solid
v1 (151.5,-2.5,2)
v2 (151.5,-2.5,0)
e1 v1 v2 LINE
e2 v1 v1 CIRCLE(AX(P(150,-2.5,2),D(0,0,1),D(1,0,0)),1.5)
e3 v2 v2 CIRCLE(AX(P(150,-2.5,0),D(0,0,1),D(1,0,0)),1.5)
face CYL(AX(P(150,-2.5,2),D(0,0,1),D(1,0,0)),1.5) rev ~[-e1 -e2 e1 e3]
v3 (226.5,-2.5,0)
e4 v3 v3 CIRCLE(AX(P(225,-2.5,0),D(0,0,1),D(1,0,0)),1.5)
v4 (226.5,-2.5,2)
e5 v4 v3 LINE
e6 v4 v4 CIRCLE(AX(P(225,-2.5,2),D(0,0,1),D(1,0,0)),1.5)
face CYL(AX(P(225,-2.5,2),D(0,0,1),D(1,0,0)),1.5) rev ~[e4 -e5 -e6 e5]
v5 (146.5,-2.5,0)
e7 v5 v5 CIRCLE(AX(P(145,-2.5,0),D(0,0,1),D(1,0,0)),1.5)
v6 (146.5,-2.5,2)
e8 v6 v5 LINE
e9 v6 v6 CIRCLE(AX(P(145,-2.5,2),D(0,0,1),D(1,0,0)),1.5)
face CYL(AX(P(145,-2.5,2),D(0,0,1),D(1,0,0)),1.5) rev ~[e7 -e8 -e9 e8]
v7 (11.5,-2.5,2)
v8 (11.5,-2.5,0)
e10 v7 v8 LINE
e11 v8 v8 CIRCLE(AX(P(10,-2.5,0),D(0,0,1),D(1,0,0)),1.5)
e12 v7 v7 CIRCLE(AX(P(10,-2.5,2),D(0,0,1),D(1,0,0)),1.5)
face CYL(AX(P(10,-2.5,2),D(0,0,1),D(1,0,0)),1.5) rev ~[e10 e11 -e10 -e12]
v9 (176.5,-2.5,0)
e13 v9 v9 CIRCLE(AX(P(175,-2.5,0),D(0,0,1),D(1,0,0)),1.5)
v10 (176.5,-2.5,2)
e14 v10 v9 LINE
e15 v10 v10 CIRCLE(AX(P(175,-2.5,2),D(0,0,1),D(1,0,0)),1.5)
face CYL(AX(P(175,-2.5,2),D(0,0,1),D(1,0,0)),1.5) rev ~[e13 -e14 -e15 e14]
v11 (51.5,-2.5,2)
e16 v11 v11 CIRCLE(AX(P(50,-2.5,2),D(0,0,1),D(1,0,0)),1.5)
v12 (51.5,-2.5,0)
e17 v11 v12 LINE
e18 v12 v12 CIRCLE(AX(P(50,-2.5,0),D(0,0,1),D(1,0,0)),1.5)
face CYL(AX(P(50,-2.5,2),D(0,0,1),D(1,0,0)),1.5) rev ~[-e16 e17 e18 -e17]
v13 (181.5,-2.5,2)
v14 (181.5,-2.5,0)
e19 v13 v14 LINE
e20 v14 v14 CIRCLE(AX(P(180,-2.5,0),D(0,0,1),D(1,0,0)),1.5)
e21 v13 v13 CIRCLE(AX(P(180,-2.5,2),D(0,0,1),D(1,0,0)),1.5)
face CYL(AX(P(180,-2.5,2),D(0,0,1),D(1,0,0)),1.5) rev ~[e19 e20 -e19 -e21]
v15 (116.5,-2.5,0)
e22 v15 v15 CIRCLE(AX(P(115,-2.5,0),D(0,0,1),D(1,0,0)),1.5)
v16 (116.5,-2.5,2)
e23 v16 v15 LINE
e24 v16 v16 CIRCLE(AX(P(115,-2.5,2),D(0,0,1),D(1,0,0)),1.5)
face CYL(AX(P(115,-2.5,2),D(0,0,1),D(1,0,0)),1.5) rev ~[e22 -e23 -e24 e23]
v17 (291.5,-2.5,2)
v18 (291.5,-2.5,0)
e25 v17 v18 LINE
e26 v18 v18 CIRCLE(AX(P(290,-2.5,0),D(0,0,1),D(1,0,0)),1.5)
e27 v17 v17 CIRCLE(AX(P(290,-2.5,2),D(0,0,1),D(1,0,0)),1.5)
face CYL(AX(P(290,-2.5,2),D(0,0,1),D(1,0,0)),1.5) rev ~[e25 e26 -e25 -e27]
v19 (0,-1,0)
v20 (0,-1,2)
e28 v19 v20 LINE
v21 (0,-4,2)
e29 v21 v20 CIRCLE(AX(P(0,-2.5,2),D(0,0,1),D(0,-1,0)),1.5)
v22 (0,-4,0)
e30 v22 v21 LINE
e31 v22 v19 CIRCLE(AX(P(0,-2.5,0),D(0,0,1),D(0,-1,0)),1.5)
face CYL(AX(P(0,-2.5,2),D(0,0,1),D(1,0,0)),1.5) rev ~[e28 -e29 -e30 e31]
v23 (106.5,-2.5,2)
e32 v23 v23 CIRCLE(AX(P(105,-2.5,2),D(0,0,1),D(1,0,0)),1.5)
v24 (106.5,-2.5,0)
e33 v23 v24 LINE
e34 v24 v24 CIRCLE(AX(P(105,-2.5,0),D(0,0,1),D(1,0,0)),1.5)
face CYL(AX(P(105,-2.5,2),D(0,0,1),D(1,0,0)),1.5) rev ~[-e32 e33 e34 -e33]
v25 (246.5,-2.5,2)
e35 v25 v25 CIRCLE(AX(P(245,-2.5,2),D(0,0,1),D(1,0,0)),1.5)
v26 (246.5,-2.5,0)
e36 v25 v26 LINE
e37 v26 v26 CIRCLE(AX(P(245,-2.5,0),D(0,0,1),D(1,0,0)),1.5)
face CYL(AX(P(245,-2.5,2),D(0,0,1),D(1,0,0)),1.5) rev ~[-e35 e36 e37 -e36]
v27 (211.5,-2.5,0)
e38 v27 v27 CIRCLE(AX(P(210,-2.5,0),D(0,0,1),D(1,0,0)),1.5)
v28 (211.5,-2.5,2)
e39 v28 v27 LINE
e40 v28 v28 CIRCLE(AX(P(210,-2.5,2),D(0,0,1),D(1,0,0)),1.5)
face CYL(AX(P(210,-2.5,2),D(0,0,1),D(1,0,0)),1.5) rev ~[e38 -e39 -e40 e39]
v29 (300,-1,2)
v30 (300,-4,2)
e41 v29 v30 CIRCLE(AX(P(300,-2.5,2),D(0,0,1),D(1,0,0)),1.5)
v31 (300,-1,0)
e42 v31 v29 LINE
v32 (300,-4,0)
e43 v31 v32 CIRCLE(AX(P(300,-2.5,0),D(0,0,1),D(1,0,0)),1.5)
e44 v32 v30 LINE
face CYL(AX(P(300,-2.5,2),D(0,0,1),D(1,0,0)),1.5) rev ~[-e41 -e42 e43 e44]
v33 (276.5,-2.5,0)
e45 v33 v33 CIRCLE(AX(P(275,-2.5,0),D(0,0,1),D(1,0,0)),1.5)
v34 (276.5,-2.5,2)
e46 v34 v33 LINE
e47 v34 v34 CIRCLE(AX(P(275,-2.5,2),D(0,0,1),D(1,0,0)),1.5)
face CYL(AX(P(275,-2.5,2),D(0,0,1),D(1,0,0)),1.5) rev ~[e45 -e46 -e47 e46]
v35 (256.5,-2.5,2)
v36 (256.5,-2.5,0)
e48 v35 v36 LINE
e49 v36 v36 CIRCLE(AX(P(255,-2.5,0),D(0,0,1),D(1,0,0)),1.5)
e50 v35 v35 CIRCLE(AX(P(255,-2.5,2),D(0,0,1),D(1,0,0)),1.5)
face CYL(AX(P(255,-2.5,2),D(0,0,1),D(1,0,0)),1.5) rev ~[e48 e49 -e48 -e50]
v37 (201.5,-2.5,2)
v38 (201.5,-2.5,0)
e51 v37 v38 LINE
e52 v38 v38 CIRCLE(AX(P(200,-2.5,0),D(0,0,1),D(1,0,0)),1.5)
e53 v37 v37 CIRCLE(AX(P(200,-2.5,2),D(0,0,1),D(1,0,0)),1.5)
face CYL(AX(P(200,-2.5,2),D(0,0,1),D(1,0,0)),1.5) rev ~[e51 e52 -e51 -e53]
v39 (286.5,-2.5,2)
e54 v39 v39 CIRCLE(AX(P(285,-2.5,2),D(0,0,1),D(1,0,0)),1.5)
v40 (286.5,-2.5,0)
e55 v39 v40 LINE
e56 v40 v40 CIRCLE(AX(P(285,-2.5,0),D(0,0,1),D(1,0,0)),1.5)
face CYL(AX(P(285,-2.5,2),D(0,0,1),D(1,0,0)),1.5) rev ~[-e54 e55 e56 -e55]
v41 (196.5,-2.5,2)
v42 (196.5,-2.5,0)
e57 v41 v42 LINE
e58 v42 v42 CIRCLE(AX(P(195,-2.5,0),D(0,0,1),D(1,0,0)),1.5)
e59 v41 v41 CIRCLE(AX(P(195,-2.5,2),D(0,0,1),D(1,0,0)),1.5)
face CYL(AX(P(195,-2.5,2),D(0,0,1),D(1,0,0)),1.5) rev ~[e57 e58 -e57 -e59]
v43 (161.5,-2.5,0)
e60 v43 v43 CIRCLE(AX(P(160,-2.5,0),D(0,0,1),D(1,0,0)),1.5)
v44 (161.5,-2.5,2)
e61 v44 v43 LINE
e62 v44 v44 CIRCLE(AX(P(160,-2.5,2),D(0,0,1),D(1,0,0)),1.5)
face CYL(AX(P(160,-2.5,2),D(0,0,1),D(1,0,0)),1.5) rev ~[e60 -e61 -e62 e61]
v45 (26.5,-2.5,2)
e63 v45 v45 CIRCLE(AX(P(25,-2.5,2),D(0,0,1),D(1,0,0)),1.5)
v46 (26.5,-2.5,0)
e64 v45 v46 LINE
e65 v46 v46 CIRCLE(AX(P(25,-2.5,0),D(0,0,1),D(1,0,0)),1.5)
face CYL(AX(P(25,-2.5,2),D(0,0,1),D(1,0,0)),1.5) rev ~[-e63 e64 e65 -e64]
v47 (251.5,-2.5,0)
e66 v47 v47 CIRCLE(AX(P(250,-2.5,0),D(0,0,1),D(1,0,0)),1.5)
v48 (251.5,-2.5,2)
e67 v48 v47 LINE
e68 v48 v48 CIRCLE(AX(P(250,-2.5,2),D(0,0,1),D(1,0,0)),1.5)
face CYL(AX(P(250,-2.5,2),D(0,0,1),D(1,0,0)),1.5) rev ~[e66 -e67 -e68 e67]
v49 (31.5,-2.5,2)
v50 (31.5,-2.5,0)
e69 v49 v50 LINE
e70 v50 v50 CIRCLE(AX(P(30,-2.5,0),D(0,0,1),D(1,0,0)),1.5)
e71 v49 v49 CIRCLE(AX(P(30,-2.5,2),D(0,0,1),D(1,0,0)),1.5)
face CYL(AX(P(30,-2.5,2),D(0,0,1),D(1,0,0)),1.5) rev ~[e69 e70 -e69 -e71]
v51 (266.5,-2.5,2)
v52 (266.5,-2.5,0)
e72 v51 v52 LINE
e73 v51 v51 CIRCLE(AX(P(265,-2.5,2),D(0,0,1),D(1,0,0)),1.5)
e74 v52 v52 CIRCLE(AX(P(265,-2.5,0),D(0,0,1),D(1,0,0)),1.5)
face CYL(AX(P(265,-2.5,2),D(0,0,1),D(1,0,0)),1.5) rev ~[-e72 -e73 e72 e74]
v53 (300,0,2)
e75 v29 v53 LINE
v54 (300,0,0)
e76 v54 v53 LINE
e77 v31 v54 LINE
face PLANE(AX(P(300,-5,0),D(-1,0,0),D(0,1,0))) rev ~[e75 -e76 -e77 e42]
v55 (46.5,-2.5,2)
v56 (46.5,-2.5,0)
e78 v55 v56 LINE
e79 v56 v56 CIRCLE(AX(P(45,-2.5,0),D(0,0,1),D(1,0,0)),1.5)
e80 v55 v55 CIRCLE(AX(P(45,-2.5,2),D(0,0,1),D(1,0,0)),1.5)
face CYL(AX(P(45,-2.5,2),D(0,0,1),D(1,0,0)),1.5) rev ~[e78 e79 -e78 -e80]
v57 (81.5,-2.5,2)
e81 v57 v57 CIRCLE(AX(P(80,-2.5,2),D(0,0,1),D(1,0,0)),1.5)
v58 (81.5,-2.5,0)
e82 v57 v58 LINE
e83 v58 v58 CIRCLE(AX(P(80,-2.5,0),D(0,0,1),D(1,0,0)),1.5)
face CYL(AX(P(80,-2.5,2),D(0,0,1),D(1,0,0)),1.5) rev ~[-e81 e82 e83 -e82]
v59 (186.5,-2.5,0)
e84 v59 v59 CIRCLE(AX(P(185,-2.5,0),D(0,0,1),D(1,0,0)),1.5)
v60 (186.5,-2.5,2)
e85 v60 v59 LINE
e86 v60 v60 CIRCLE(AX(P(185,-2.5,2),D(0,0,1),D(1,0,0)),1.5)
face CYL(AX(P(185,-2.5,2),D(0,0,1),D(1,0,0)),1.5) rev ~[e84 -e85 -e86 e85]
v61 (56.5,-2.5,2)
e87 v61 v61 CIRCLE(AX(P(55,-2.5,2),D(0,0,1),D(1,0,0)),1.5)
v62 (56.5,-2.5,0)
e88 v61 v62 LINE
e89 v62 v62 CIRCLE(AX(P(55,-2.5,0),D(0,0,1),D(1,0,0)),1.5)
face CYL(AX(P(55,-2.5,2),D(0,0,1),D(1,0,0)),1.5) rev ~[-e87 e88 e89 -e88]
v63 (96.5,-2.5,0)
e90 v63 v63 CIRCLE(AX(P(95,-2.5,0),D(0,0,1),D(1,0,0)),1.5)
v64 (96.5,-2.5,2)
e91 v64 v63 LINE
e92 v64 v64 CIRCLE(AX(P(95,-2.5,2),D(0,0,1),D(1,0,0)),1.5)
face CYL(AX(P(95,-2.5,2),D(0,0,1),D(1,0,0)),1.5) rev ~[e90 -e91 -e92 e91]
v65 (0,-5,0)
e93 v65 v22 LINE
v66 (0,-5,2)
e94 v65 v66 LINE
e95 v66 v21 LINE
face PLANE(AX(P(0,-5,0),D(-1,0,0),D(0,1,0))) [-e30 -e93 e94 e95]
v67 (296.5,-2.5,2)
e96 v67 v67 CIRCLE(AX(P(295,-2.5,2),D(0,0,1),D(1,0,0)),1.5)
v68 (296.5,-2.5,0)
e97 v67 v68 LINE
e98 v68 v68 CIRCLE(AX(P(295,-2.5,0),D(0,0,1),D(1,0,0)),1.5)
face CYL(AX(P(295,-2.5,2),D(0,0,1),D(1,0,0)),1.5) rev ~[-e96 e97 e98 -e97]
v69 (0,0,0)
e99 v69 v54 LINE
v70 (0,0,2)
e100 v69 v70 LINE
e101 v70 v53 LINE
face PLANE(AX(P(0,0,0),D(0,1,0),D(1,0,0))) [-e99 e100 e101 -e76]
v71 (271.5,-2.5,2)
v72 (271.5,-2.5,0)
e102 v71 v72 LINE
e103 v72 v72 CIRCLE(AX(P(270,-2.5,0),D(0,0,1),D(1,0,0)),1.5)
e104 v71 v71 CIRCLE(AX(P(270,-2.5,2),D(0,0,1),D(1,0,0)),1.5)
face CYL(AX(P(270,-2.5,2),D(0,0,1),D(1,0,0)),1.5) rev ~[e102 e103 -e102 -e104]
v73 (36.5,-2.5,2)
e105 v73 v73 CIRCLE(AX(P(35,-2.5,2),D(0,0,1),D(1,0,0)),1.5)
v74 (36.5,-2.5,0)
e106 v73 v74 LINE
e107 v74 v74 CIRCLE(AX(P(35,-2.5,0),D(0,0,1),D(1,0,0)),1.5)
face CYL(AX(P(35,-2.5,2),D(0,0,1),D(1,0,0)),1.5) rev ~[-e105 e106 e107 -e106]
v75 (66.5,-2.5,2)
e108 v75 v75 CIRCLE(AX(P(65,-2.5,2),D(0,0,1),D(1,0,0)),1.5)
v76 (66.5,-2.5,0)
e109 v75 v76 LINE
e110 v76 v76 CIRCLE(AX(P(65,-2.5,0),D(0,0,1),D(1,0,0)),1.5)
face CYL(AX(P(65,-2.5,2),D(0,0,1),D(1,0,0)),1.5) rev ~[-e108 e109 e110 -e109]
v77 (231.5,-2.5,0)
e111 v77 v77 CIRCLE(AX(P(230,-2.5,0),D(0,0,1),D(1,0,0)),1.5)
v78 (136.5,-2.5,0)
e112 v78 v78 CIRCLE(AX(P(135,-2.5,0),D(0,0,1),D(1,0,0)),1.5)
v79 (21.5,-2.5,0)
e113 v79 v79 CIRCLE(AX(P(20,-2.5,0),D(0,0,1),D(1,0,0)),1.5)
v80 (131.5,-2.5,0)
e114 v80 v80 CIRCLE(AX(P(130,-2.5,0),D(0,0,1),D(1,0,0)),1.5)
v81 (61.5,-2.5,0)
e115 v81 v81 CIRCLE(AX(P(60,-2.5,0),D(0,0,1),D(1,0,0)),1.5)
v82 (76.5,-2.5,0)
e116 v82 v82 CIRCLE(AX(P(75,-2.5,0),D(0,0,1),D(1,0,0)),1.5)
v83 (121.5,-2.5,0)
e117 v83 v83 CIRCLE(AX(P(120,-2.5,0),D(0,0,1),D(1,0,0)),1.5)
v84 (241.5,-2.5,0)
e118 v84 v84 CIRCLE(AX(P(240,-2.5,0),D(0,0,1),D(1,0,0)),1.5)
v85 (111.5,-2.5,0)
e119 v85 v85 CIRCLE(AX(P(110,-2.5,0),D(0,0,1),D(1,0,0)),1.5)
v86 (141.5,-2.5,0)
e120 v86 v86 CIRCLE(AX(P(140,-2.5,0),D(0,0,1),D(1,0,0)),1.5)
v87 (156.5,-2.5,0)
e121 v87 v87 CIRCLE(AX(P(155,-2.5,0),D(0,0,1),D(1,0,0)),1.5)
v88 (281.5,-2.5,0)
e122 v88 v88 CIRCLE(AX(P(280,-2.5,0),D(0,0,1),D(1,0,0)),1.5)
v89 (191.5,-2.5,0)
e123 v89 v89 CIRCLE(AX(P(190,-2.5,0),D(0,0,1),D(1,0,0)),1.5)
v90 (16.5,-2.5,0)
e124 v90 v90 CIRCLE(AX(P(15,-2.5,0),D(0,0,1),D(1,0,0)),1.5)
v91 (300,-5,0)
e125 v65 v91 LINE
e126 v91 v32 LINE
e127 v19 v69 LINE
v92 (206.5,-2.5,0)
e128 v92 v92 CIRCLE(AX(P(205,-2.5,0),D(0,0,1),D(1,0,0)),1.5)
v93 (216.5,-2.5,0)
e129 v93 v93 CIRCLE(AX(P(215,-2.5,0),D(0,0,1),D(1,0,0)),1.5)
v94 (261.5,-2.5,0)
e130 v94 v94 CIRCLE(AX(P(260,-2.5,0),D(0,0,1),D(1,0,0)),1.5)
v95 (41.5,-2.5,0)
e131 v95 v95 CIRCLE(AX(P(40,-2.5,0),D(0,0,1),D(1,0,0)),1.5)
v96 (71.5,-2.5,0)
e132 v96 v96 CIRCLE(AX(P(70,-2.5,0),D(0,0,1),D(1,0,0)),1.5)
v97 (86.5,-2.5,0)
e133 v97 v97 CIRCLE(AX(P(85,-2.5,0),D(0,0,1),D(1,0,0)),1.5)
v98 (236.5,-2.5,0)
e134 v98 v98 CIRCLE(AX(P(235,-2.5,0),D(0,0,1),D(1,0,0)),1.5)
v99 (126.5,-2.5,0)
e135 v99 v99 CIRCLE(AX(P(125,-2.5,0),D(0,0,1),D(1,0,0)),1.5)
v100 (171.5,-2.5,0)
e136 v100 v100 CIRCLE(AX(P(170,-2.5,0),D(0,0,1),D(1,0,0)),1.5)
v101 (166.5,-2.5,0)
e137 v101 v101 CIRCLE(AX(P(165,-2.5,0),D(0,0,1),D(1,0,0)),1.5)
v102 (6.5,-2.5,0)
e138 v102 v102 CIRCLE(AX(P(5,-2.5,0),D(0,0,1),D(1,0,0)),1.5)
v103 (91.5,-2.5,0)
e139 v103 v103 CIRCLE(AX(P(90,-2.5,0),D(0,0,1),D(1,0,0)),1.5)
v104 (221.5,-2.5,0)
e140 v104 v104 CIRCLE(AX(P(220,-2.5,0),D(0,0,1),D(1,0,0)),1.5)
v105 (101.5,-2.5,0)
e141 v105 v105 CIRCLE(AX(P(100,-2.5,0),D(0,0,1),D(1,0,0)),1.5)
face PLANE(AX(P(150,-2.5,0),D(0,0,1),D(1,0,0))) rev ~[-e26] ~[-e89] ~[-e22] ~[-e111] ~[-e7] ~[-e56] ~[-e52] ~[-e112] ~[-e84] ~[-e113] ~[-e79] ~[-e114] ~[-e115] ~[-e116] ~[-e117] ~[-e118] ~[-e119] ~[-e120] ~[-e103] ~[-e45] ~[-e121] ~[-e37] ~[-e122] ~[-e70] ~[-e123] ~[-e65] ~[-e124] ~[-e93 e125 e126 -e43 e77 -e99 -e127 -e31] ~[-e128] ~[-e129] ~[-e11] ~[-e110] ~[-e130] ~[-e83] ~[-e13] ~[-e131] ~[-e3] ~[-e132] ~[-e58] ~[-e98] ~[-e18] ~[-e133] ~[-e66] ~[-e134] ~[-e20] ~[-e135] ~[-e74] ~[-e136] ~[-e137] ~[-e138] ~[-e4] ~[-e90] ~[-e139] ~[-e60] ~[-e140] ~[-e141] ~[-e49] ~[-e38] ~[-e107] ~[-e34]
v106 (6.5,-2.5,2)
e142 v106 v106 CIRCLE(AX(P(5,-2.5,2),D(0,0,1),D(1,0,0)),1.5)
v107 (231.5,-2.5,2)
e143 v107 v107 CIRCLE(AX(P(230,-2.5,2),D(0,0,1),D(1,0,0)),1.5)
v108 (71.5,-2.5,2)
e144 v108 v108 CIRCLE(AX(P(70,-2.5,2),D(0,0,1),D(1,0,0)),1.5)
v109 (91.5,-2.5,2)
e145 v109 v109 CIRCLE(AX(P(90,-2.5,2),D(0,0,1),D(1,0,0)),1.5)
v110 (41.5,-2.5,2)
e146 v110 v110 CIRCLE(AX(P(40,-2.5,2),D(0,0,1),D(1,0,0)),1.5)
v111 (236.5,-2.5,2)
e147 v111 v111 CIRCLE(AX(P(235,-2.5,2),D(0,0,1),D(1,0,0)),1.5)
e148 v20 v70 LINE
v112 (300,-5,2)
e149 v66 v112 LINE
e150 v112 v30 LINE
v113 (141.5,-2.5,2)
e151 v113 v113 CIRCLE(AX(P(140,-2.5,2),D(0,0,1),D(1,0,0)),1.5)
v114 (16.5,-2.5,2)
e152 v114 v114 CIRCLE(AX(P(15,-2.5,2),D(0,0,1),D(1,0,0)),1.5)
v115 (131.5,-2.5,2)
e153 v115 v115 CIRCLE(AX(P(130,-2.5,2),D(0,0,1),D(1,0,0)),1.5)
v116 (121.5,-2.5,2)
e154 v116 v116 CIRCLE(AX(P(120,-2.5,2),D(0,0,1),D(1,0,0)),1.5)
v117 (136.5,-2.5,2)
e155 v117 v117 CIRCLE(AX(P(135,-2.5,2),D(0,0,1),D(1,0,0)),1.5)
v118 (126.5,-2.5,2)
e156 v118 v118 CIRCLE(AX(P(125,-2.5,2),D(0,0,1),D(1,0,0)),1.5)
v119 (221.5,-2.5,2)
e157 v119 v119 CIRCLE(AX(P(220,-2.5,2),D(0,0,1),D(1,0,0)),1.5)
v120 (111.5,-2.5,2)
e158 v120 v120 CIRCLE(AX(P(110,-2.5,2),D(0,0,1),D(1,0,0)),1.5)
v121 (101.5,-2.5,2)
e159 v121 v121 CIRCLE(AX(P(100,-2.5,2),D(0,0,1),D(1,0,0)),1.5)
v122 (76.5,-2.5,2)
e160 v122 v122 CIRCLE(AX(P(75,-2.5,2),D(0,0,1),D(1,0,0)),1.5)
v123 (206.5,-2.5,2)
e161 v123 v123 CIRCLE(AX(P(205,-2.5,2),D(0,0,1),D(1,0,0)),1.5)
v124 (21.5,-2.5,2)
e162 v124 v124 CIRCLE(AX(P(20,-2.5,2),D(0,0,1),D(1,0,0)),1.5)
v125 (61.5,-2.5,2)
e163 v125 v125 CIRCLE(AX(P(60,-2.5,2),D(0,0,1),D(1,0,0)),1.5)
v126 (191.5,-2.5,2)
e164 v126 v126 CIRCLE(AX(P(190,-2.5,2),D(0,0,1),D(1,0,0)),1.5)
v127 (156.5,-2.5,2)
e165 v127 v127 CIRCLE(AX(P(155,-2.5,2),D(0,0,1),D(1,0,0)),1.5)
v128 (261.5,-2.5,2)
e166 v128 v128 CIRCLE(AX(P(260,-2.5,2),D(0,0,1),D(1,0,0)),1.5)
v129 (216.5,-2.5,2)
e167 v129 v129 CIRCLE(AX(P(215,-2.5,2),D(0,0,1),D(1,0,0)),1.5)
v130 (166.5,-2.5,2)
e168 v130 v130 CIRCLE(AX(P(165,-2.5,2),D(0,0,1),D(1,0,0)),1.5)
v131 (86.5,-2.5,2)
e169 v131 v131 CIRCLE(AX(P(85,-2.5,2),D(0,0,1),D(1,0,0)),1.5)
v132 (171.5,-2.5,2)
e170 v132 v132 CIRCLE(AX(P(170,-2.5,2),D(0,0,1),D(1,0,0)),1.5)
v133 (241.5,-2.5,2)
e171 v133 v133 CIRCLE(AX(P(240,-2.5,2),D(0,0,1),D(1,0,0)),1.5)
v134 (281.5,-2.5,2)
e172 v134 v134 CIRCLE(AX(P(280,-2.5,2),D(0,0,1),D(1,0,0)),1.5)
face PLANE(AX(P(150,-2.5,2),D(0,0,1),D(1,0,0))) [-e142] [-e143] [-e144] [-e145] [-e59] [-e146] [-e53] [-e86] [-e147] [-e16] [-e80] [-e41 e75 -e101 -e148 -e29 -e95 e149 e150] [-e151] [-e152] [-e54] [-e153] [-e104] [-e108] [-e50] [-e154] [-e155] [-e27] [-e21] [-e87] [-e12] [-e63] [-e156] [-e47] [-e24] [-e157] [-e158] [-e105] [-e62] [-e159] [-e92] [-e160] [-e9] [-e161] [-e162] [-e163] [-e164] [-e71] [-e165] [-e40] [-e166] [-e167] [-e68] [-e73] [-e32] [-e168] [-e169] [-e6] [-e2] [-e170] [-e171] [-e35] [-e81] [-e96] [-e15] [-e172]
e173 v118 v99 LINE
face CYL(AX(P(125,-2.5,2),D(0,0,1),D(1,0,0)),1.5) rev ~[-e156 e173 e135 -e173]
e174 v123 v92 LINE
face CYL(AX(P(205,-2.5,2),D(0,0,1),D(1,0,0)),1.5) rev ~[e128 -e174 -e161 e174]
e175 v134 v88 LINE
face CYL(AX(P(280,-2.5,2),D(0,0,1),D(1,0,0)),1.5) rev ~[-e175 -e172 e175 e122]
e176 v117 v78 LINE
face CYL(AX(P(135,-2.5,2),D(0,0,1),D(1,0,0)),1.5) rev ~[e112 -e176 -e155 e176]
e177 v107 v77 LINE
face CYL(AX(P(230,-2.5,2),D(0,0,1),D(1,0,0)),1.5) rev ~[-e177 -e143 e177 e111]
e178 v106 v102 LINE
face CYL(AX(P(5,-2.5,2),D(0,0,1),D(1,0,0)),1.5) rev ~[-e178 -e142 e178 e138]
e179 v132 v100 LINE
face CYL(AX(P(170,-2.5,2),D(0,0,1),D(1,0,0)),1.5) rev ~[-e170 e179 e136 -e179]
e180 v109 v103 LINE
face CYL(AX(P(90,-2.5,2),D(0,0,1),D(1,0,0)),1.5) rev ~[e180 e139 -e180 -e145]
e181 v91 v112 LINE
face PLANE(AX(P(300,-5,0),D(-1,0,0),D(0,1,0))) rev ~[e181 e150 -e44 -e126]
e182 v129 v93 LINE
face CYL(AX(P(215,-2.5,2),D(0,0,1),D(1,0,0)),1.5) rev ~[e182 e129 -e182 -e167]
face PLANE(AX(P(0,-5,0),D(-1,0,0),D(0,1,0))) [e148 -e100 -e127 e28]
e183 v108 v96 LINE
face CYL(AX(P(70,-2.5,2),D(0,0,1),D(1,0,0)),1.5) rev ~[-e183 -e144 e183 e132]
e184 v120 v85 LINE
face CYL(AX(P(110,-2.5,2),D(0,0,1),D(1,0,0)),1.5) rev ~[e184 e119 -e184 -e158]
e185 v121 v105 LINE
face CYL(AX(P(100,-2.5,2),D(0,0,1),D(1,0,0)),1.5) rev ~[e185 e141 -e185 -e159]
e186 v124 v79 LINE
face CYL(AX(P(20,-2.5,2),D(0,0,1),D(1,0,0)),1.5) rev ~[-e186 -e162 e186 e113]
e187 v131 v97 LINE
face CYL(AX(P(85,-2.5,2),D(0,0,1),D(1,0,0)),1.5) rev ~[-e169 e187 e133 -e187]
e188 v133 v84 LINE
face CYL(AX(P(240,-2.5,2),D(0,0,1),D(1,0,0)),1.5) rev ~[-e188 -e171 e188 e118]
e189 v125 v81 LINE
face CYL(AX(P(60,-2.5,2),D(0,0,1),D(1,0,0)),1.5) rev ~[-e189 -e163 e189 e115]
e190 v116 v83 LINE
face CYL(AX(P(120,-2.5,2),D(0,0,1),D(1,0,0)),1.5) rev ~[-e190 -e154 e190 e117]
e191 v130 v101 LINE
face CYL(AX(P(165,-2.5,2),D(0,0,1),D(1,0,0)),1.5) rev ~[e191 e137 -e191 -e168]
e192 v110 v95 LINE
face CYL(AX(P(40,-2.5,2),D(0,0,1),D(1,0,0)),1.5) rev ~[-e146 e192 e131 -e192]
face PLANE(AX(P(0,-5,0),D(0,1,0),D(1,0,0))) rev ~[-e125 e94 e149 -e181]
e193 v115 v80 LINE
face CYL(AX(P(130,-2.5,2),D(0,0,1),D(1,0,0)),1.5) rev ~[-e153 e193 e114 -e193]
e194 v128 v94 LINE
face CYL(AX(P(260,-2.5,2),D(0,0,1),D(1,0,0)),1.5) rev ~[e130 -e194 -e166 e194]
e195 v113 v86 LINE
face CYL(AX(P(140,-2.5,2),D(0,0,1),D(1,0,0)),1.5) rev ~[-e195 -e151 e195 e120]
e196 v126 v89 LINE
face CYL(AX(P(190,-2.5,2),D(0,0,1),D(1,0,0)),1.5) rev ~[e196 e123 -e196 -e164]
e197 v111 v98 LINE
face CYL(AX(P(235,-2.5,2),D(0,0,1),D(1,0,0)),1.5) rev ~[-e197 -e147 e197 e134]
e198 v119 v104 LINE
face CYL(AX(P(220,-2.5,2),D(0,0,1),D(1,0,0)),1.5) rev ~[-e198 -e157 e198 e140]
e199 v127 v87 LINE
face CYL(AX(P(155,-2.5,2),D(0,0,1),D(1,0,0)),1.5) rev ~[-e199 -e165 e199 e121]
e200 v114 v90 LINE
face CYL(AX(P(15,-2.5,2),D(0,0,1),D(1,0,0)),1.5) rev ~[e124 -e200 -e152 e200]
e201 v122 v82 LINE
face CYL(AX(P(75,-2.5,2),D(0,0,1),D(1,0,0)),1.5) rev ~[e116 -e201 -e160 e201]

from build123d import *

# Parameters (mm, degrees)
SKETCH_1_W             = 300
SKETCH_1_H             = 5
EXTRUDE_1_DEPTH        = 2
SKETCH_2_R             = 1.5
CUT_EXTRUDE_1_DEPTH    = 301.04832944
PATTERN_LINEAR_1_COUNT = 41
PATTERN_LINEAR_1_PITCH = 5
PATTERN_LINEAR_2_COUNT = 41
PATTERN_LINEAR_2_PITCH = 5


with BuildPart() as part:
    # 草图1 → 凸台-拉伸1 (new body)
    with BuildSketch(Plane.XY):
        with Locations((150, -2.5)):
            Rectangle(SKETCH_1_W, SKETCH_1_H)
    extrude(amount=EXTRUDE_1_DEPTH)

    # 草图2 → 切除-拉伸1 (cut, through all)
    with BuildSketch(Plane.XY.offset(2)):
        with Locations((150, -2.5)):
            Circle(SKETCH_2_R)
    cut_extrude_1 = extrude(amount=-CUT_EXTRUDE_1_DEPTH, mode=Mode.SUBTRACT)

    # 阵列(线性)1: 切除-拉伸1 ×41
    with Locations(*[(i * PATTERN_LINEAR_1_PITCH, 0, 0) for i in range(1, PATTERN_LINEAR_1_COUNT)]):
        add(cut_extrude_1, mode=Mode.SUBTRACT)

    # 阵列(线性)2: 切除-拉伸1 ×41
    with Locations(*[(-i * PATTERN_LINEAR_2_PITCH, 0, 0) for i in range(1, PATTERN_LINEAR_2_COUNT)]):
        add(cut_extrude_1, mode=Mode.SUBTRACT)


solid = part.part
